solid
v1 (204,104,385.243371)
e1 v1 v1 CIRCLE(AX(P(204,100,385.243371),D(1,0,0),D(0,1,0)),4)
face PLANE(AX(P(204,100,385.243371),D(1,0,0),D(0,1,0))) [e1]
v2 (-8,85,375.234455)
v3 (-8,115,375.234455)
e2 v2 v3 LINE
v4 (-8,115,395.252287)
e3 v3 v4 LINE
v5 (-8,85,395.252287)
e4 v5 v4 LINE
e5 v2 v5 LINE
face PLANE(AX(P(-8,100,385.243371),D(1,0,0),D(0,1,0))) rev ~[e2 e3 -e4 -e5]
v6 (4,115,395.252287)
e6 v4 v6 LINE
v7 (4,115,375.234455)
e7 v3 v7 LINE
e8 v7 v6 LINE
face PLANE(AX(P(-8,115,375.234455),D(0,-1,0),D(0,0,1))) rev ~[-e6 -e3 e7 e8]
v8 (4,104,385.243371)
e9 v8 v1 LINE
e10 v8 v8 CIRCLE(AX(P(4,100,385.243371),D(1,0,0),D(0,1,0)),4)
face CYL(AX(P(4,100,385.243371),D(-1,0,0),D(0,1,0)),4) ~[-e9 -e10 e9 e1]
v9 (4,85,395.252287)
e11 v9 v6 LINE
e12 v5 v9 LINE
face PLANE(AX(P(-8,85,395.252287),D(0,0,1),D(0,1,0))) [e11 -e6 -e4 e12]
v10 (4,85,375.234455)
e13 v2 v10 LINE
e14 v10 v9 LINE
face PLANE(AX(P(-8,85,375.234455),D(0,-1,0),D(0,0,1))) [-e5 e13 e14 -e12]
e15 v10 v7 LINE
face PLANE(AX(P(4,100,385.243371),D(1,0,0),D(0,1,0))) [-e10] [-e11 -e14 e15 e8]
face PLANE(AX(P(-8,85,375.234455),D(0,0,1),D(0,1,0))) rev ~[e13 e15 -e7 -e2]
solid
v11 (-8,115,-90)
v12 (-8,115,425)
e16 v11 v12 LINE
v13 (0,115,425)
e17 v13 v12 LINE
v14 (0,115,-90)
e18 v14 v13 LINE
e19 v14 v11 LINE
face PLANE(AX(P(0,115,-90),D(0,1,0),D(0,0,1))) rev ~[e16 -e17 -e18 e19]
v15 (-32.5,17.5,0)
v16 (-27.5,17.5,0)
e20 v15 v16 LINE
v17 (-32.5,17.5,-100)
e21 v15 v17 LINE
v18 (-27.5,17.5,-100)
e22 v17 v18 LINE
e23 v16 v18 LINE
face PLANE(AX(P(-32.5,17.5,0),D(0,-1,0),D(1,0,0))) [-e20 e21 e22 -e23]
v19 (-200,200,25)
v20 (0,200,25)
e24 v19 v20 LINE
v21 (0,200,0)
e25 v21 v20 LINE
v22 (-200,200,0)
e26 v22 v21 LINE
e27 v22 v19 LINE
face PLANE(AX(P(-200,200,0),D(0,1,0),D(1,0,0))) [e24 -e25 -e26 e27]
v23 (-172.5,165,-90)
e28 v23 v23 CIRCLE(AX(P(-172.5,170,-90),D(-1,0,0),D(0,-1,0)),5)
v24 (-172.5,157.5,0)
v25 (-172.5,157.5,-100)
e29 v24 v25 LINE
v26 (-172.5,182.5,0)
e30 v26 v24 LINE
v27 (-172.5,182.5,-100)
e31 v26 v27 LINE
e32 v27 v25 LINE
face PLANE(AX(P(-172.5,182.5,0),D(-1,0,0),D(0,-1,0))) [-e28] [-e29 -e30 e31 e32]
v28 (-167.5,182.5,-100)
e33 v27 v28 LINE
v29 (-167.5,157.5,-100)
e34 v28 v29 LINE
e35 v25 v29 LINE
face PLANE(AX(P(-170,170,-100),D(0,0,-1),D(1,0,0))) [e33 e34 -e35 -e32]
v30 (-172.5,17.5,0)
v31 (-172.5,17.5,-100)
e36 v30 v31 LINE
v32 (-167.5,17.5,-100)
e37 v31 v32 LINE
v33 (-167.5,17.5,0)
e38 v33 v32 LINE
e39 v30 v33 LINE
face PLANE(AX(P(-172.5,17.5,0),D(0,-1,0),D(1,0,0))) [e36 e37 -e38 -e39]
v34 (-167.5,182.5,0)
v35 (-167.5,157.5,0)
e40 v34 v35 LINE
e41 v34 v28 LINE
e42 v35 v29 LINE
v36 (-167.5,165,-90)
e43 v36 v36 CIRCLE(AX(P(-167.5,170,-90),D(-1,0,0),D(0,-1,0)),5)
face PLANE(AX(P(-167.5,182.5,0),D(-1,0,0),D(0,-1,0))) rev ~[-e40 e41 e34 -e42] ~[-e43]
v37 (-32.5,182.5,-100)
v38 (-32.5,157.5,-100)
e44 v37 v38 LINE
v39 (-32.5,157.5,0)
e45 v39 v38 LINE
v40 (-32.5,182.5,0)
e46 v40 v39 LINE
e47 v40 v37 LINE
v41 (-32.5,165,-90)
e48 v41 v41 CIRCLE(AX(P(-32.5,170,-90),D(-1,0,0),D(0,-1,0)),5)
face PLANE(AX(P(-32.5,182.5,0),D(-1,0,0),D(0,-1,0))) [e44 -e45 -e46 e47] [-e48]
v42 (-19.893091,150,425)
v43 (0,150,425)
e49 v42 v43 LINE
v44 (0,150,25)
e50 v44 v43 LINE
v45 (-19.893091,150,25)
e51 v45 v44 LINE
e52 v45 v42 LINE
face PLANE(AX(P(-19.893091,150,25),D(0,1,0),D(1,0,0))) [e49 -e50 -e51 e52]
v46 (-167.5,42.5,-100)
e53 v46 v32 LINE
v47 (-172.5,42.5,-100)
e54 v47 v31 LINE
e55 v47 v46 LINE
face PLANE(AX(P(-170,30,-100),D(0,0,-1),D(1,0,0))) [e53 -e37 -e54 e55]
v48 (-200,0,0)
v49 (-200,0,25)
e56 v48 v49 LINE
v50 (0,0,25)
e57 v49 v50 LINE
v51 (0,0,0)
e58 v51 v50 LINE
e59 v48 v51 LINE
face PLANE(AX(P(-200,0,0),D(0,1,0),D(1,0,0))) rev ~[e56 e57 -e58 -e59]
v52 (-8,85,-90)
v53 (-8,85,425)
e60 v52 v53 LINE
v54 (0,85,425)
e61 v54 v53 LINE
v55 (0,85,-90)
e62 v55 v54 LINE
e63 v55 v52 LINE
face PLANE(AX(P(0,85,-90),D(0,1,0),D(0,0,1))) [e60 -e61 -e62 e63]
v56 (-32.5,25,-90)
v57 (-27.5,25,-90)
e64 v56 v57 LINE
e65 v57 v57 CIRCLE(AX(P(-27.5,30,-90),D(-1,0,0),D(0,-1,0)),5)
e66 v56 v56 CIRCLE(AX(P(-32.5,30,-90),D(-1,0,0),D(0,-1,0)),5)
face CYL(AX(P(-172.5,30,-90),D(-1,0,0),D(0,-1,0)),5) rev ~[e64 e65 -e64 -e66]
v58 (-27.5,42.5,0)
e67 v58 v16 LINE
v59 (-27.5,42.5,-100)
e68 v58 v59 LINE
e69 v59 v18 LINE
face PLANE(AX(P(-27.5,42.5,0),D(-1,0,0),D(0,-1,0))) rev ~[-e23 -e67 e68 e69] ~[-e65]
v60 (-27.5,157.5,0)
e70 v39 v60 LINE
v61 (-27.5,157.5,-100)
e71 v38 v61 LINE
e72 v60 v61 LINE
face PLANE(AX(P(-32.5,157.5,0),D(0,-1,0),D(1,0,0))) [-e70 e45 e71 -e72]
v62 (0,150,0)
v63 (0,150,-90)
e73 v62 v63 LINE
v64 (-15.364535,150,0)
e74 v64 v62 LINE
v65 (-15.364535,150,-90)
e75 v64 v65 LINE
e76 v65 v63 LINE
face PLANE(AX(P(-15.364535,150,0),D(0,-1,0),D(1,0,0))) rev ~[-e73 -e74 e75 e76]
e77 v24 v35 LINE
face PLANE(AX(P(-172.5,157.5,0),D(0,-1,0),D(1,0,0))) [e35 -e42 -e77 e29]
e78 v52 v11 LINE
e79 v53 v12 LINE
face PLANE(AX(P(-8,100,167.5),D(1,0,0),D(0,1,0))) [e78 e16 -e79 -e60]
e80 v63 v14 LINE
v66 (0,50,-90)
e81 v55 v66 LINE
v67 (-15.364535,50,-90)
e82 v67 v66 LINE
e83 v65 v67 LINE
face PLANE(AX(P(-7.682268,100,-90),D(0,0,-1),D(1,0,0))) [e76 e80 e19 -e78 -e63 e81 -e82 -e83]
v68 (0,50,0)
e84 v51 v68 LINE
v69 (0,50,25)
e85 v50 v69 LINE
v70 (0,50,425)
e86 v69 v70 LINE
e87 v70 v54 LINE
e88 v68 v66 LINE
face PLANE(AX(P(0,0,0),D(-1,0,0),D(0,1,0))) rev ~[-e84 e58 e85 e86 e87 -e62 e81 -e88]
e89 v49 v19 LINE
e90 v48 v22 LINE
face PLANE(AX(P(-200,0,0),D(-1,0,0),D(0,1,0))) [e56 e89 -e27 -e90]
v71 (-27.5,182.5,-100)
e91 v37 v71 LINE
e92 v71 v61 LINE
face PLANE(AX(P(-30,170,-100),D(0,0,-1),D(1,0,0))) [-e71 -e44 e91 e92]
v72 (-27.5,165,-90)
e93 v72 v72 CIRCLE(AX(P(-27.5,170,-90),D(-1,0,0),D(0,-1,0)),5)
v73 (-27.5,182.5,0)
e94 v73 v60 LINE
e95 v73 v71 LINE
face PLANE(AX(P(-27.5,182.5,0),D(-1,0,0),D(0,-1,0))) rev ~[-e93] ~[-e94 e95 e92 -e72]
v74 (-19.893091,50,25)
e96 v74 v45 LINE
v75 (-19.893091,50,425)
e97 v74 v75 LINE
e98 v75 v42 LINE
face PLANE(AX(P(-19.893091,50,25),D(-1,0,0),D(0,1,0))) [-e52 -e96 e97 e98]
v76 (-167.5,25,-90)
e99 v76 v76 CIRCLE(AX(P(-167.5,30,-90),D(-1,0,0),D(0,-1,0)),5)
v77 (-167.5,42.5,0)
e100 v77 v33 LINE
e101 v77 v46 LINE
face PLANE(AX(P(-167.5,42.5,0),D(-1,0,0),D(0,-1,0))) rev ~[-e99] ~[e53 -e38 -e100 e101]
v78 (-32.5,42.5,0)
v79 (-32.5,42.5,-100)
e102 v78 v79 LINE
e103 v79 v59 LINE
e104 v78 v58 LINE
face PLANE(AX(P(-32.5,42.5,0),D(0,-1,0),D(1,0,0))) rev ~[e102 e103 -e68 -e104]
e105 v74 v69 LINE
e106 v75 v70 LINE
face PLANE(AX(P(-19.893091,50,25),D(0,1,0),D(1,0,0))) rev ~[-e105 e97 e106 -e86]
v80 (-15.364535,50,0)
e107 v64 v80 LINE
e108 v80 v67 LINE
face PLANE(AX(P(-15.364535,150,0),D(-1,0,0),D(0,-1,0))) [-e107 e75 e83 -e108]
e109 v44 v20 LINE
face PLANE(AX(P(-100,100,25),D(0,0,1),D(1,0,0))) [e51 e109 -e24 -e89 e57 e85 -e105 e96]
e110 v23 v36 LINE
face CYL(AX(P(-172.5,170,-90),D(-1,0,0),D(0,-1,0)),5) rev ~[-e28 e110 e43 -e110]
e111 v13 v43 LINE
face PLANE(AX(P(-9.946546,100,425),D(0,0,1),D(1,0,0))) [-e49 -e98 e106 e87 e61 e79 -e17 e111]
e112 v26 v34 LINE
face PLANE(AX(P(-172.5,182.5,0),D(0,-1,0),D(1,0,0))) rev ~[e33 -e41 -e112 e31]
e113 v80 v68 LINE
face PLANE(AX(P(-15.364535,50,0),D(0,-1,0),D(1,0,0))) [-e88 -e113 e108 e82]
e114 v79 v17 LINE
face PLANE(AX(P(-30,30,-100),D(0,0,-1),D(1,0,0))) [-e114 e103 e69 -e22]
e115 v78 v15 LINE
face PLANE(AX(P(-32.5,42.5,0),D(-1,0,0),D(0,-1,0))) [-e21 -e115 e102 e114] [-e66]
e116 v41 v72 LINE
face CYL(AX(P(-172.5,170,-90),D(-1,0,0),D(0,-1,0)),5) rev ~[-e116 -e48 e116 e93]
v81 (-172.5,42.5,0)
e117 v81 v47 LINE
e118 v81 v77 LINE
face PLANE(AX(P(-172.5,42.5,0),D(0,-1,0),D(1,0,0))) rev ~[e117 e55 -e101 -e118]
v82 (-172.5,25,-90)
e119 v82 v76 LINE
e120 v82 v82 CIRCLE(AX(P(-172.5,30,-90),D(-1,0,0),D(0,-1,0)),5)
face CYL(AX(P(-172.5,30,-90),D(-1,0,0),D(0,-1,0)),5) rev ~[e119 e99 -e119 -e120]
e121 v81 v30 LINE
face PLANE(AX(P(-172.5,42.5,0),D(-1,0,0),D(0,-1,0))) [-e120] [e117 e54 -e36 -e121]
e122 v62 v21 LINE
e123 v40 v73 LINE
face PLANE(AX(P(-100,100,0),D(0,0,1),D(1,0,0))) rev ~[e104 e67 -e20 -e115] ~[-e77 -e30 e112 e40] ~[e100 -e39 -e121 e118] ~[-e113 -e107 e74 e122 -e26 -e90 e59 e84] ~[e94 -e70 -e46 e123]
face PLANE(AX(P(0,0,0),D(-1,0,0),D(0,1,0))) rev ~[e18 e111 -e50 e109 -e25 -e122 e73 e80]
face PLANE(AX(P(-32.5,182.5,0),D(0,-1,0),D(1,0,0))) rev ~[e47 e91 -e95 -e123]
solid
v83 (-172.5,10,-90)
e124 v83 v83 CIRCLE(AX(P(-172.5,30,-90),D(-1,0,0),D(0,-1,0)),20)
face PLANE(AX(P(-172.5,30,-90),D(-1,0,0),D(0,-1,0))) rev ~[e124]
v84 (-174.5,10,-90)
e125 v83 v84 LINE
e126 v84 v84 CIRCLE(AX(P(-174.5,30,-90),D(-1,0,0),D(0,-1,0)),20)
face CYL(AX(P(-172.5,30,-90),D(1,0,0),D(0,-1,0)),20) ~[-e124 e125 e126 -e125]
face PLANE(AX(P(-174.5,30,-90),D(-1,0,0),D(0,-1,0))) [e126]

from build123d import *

# Parameters (mm, degrees)
F0_W      = 200
F0_H      = 200
F1_DEPTH  = 25
F2_W      = 5
F2_H      = 25
F3_DEPTH  = 100
F4_R      = 5
F5_DEPTH  = 172.501
F6_R      = 5
F7_DEPTH  = 172.501
F8_W      = 15.3645351529
F8_H      = 100
F9_DEPTH  = 90
F10_W     = 19.893091172
F10_H     = 100
F11_DEPTH = 400
F12_W     = 30
F12_H     = 515
F13_DEPTH = 8
F14_W     = 30
F14_H     = 20.0178325176
F15_DEPTH = 12
F16_R     = 4
F17_DEPTH = 200
F18_R     = 20
F19_DEPTH = 2


with BuildPart() as f1:
    # F0 (on Top) → F1 (new body)
    with BuildSketch(Plane.XY):
        with Locations((-100, 100)):
            Rectangle(F0_W, F0_H)
    extrude(amount=F1_DEPTH)

    # F2 (on face) → F3 (join)
    with BuildSketch(Plane(origin=(0, 0, 0), x_dir=(1, 0, 0), z_dir=(0, 0, -1))):
        with Locations((-170, -30)):
            Rectangle(F2_W, F2_H)
        with Locations((-30, -30)):
            Rectangle(F2_W, F2_H)
        with Locations((-30, -170)):
            Rectangle(F2_W, F2_H)
        with Locations((-170, -170)):
            Rectangle(F2_W, F2_H)
    extrude(amount=F3_DEPTH)

    # F4 (on face) → F5 (cut, through all)
    with BuildSketch(Plane(origin=(-172.5, 0, 0), x_dir=(0, -1, 0), z_dir=(-1, 0, 0))):
        with Locations((-30, -90)):
            Circle(F4_R)
    extrude(amount=-F5_DEPTH, mode=Mode.SUBTRACT)

    # F6 (on face) → F7 (cut, through all)
    with BuildSketch(Plane(origin=(-172.5, 0, 0), x_dir=(0, -1, 0), z_dir=(-1, 0, 0))):
        with Locations((-170, -90)):
            Circle(F6_R)
    extrude(amount=-F7_DEPTH, mode=Mode.SUBTRACT)

    # F8 (on face) → F9 (join)
    with BuildSketch(Plane(origin=(0, 0, 0), x_dir=(1, 0, 0), z_dir=(0, 0, -1))):
        with Locations((-7.6822675765, -100)):
            Rectangle(F8_W, F8_H)
    extrude(amount=F9_DEPTH)

    # F10 (on face) → F11 (join)
    with BuildSketch(Plane.XY.offset(25)):
        with Locations((-9.946545586, 100)):
            Rectangle(F10_W, F10_H)
    extrude(amount=F11_DEPTH)

    # F12 (on face) → F13 (cut)
    with BuildSketch(Plane.YZ):
        with Locations((100, 167.5)):
            Rectangle(F12_W, F12_H)
    extrude(amount=-F13_DEPTH, mode=Mode.SUBTRACT)


with BuildPart() as f15:
    # F14 (on face) → F15 (new body)
    with BuildSketch(Plane.YZ.offset(-8)):
        with Locations((100, 385.243371129)):
            Rectangle(F14_W, F14_H)
    extrude(amount=F15_DEPTH)

    # F16 (on face) → F17 (join)
    with BuildSketch(Plane.YZ.offset(4)):
        with Locations((100, 385.243371129)):
            Circle(F16_R)
    extrude(amount=F17_DEPTH)


with BuildPart() as f19:
    # F18 (on face) → F19 (new body)
    with BuildSketch(Plane(origin=(-172.5, 0, 0), x_dir=(0, -1, 0), z_dir=(-1, 0, 0))):
        with Locations((-30, -90)):
            Circle(F18_R)
    extrude(amount=F19_DEPTH)


solid = Compound([f1.part, f15.part, f19.part])
